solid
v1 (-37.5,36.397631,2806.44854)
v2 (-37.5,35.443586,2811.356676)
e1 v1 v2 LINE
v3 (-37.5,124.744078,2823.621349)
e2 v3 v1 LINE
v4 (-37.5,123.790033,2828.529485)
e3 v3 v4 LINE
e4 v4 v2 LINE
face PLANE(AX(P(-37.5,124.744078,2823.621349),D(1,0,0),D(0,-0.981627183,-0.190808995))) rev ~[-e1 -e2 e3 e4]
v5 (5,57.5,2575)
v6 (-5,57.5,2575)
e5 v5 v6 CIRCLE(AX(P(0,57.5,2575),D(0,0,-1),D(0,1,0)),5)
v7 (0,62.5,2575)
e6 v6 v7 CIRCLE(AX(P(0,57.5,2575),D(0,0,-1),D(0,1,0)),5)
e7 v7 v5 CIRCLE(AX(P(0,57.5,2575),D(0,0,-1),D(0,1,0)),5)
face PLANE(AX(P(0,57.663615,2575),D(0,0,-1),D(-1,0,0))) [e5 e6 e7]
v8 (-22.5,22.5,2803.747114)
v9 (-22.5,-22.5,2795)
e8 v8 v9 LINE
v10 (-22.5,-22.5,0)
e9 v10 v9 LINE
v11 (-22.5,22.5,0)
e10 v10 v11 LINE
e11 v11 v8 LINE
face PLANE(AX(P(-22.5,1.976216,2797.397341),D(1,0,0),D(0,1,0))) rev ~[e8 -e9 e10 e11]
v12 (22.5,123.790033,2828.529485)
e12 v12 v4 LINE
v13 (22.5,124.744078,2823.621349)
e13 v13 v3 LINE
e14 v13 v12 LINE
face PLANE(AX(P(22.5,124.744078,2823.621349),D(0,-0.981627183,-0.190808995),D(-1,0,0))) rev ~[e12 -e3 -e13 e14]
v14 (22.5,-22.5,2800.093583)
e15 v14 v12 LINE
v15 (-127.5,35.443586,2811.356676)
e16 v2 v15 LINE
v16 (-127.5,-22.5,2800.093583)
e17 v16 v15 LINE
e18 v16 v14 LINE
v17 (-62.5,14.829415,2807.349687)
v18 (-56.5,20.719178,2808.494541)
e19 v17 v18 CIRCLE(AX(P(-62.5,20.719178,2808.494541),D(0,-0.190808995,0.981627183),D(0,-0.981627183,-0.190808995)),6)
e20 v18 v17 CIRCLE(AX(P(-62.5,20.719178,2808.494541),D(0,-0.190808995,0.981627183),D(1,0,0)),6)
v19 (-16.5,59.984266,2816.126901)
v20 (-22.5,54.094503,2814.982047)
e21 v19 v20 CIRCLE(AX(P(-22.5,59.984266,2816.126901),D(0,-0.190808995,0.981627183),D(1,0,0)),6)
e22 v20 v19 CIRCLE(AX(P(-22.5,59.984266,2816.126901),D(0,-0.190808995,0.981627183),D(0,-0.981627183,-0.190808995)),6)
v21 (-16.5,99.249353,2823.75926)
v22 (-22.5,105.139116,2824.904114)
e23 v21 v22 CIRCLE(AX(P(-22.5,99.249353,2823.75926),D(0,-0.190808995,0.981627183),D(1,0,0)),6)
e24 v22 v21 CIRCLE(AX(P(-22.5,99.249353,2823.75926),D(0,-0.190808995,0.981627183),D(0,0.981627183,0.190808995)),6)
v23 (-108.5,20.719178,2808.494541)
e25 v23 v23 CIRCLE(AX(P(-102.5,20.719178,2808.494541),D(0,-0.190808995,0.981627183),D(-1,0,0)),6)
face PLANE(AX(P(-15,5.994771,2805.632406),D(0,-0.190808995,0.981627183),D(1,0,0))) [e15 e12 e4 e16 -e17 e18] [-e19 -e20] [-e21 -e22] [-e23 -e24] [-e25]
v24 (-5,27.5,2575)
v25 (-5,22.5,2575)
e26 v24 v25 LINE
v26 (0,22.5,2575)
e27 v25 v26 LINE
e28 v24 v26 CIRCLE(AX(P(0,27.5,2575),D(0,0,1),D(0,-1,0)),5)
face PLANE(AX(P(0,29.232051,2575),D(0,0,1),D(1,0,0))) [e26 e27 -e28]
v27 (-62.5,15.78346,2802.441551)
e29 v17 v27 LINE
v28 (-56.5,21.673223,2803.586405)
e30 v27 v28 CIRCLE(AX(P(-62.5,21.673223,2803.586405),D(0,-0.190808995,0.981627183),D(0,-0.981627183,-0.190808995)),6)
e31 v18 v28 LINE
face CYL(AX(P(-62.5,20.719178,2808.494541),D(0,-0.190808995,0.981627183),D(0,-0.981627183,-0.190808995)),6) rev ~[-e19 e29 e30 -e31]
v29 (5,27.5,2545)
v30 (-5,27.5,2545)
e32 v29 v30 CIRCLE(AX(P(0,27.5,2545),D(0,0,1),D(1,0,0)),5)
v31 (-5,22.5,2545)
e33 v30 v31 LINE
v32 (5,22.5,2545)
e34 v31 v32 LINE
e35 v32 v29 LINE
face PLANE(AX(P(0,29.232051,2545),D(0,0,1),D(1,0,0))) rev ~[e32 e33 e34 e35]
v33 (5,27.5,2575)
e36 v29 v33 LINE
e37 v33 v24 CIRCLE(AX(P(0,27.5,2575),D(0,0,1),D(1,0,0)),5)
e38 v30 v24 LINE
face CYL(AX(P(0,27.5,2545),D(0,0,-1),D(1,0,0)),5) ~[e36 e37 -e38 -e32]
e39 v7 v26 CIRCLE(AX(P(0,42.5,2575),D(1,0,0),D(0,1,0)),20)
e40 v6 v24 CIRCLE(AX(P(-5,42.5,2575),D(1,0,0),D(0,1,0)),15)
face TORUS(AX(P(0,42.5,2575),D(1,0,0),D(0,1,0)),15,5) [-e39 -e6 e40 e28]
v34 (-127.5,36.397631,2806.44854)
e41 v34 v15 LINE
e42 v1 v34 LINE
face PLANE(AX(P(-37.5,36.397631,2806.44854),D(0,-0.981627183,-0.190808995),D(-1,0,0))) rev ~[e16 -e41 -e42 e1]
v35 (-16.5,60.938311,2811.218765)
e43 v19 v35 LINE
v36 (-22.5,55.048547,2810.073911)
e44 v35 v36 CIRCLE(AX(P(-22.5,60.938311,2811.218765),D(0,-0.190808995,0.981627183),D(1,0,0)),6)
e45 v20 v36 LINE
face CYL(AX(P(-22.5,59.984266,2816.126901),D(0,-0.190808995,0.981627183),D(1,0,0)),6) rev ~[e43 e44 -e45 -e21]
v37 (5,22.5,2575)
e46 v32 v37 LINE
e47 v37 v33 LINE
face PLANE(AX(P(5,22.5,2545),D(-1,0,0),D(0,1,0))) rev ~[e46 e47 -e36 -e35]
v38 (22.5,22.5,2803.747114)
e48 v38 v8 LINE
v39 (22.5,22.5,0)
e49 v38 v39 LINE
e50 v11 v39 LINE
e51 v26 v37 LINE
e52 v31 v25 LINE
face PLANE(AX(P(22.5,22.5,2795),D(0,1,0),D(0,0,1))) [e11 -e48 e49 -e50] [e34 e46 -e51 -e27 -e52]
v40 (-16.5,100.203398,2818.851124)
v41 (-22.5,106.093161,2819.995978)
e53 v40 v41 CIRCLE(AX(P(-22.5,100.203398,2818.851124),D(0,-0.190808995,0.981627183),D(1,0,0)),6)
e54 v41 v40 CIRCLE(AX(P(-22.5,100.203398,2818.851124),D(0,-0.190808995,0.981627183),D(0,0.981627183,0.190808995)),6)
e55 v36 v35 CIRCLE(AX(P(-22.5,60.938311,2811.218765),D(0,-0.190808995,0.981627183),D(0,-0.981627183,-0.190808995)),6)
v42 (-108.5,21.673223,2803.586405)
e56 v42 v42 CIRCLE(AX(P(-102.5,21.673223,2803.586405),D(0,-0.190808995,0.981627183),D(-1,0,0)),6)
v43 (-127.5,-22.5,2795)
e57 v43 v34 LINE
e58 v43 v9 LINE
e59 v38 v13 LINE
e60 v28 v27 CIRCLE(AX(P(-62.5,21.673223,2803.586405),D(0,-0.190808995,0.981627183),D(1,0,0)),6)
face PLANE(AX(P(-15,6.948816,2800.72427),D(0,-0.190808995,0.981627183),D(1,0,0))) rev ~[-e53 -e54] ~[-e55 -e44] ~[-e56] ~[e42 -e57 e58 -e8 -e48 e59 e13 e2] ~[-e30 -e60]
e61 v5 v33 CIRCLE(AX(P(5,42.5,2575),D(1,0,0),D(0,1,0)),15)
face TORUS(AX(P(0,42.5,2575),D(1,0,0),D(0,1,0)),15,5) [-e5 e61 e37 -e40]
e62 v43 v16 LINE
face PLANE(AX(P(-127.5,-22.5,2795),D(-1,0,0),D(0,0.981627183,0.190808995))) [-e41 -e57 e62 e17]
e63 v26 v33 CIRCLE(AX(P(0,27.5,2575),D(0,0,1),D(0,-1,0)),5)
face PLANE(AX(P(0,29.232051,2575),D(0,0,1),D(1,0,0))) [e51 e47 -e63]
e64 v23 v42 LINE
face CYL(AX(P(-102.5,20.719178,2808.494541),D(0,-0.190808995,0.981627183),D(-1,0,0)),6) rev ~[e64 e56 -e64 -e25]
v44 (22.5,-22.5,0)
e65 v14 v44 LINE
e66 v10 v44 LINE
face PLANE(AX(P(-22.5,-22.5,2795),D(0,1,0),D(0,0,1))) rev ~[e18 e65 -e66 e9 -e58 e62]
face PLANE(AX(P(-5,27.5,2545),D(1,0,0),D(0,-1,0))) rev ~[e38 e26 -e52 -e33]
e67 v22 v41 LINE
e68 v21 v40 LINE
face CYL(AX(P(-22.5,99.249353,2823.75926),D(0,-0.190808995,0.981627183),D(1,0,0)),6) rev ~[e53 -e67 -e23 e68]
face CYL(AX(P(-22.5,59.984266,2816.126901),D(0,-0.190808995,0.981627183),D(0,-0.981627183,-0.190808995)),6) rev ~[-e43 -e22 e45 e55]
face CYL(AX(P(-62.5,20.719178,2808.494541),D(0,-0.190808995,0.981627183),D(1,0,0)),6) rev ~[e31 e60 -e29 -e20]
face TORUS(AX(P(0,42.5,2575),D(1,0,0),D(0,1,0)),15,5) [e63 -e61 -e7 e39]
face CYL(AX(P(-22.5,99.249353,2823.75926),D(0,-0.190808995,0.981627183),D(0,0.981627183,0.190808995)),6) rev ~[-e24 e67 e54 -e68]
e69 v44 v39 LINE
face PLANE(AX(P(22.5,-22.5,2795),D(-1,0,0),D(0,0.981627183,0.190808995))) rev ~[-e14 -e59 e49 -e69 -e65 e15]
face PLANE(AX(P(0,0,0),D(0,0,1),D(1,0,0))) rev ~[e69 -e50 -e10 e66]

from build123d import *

# Parameters (mm, degrees)
F0_W          = 45
F0_H          = 45
F1_DEPTH      = 2795
F3_W          = 45
F3_H          = 60
F3_W_2        = 90
F3_W_3        = 15
F4_DEPTH      = 5
F6_DEPTH      = 45
F8_W          = 2.7798460424
F8_H          = 5.7082939148
F9_DEPTH      = 156.8
F9_DEPTH_BACK = 105
F14_DEPTH     = 5
F15_DEPTH     = 30


with BuildPart() as f1:
    # F0 (on Top) → F1 (new body)
    with BuildSketch(Plane.XY):
        Rectangle(F0_W, F0_H)
    extrude(amount=F1_DEPTH)


with BuildPart() as f4:
    # F3 (on face) → F4 (new body)
    with BuildSketch(Plane(origin=(0, -524.3318959349, 2697.453760933), x_dir=(1, 0, 0), z_dir=(0, -0.1908089954, 0.9816271834))):
        with Locations((-15, 541.2245304499)):
            Rectangle(F3_W, F3_H)
        with Locations((-82.5, 541.2245304499)):
            Rectangle(F3_W_2, F3_H)
        with Locations((15, 541.2245304499)):
            Rectangle(F3_W_3, F3_H)
        Polygon((-37.5, 661.2245304499), (-37.5, 571.2245304499), (7.5, 571.2245304499), (22.5, 571.2245304499), (22.5, 661.2245304499), align=None)
    extrude(amount=F4_DEPTH)


with BuildPart() as f6:
    # F5 (on face) → F6 (new body)
    with BuildSketch(Plane.YZ.offset(22.5)):
        Polygon((-22.5, 2795), (22.5, 2795), (22.5, 2803.7471139112), align=None)
    extrude(amount=-F6_DEPTH)


with BuildPart() as f1_1:
    add(f1.part)

    # F7: union F6, F4
    add(f6.part)
    add(f4.part)

    # F8 (on face) → F9 (cut, two sides)
    with BuildSketch(Plane(origin=(-22.5, 0, 0), x_dir=(0, -1, 0), z_dir=(-1, 0, 0))) as f9_sk:
        with Locations((23.8899230212, 2797.8541469574)):
            Rectangle(F8_W, F8_H)
    extrude(amount=-F9_DEPTH, mode=Mode.SUBTRACT)
    extrude(f9_sk.sketch, amount=F9_DEPTH_BACK, mode=Mode.SUBTRACT)

    # F13 (on face) → F14 (cut, through all)
    with BuildSketch(Plane(origin=(0, -525.2859409117, 2702.3618968503), x_dir=(1, 0, 0), z_dir=(0, -0.1908089954, 0.9816271834))):
        with BuildLine():
            ThreePointArc((-56.5, 556.2245304499), (-66.7426406871, 560.467171137), (-62.5, 550.2245304499))
            ThreePointArc((-62.5, 550.2245304499), (-58.2573593129, 551.9818897628), (-56.5, 556.2245304499))
        make_face()
        with BuildLine():
            ThreePointArc((-96.5, 556.2245304499), (-102.5, 562.2245304499), (-108.5, 556.2245304499))
            ThreePointArc((-108.5, 556.2245304499), (-102.5, 550.2245304499), (-96.5, 556.2245304499))
        make_face()
        with BuildLine():
            ThreePointArc((-16.5, 596.2245304499), (-26.7426406871, 600.467171137), (-22.5, 590.2245304499))
            ThreePointArc((-22.5, 590.2245304499), (-18.2573593129, 591.9818897628), (-16.5, 596.2245304499))
        make_face()
        with BuildLine():
            ThreePointArc((-16.5, 636.2245304499), (-18.2573593129, 640.467171137), (-22.5, 642.2245304499))
            ThreePointArc((-22.5, 642.2245304499), (-26.7426406871, 631.9818897628), (-16.5, 636.2245304499))
        make_face()
    extrude(amount=-F14_DEPTH, mode=Mode.SUBTRACT)

    # F12 (on offset) → F15 (join)
    with BuildSketch(Plane.XY.offset(2545)):
        with BuildLine():
            Line((0, 27.5), (5, 27.5))
            ThreePointArc((5, 27.5), (0, 32.5), (-5, 27.5))
            Line((-5, 27.5), (0, 27.5))
        make_face()
        with BuildLine():
            Line((5, 22.5), (5, 27.5))
            ThreePointArc((5, 27.5), (3.5355339059, 23.9644660941), (0, 22.5))
            Line((0, 22.5), (5, 22.5))
        make_face()
        with BuildLine():
            ThreePointArc((0, 22.5), (3.5355339059, 23.9644660941), (5, 27.5))
            Line((5, 27.5), (0, 27.5))
            Line((0, 27.5), (0, 22.5))
        make_face()
        with BuildLine():
            Line((0, 27.5), (-5, 27.5))
            ThreePointArc((-5, 27.5), (-3.5355339059, 23.9644660941), (0, 22.5))
            Line((0, 22.5), (0, 27.5))
        make_face()
        with BuildLine():
            ThreePointArc((0, 22.5), (-3.5355339059, 23.9644660941), (-5, 27.5))
            Line((-5, 27.5), (-5, 22.5))
            Line((-5, 22.5), (0, 22.5))
        make_face()
    extrude(amount=F15_DEPTH)

    # F17: sweep along a path in F11
    with BuildLine(Plane.YZ) as f17_path:
        ThreePointArc((57.5, 2575), (42.5, 2590), (27.5, 2575))
    # F16 (on face) → F17 (sweep)
    with BuildSketch(Plane.XY.offset(2575)):
        with BuildLine():
            ThreePointArc((0, 22.5), (3.5355339059, 23.9644660941), (5, 27.5))
            ThreePointArc((5, 27.5), (0, 32.5), (-5, 27.5))
            ThreePointArc((-5, 27.5), (-3.5355339059, 23.9644660941), (0, 22.5))
        make_face()
    sweep(path=f17_path.line)


solid = f1_1.part
